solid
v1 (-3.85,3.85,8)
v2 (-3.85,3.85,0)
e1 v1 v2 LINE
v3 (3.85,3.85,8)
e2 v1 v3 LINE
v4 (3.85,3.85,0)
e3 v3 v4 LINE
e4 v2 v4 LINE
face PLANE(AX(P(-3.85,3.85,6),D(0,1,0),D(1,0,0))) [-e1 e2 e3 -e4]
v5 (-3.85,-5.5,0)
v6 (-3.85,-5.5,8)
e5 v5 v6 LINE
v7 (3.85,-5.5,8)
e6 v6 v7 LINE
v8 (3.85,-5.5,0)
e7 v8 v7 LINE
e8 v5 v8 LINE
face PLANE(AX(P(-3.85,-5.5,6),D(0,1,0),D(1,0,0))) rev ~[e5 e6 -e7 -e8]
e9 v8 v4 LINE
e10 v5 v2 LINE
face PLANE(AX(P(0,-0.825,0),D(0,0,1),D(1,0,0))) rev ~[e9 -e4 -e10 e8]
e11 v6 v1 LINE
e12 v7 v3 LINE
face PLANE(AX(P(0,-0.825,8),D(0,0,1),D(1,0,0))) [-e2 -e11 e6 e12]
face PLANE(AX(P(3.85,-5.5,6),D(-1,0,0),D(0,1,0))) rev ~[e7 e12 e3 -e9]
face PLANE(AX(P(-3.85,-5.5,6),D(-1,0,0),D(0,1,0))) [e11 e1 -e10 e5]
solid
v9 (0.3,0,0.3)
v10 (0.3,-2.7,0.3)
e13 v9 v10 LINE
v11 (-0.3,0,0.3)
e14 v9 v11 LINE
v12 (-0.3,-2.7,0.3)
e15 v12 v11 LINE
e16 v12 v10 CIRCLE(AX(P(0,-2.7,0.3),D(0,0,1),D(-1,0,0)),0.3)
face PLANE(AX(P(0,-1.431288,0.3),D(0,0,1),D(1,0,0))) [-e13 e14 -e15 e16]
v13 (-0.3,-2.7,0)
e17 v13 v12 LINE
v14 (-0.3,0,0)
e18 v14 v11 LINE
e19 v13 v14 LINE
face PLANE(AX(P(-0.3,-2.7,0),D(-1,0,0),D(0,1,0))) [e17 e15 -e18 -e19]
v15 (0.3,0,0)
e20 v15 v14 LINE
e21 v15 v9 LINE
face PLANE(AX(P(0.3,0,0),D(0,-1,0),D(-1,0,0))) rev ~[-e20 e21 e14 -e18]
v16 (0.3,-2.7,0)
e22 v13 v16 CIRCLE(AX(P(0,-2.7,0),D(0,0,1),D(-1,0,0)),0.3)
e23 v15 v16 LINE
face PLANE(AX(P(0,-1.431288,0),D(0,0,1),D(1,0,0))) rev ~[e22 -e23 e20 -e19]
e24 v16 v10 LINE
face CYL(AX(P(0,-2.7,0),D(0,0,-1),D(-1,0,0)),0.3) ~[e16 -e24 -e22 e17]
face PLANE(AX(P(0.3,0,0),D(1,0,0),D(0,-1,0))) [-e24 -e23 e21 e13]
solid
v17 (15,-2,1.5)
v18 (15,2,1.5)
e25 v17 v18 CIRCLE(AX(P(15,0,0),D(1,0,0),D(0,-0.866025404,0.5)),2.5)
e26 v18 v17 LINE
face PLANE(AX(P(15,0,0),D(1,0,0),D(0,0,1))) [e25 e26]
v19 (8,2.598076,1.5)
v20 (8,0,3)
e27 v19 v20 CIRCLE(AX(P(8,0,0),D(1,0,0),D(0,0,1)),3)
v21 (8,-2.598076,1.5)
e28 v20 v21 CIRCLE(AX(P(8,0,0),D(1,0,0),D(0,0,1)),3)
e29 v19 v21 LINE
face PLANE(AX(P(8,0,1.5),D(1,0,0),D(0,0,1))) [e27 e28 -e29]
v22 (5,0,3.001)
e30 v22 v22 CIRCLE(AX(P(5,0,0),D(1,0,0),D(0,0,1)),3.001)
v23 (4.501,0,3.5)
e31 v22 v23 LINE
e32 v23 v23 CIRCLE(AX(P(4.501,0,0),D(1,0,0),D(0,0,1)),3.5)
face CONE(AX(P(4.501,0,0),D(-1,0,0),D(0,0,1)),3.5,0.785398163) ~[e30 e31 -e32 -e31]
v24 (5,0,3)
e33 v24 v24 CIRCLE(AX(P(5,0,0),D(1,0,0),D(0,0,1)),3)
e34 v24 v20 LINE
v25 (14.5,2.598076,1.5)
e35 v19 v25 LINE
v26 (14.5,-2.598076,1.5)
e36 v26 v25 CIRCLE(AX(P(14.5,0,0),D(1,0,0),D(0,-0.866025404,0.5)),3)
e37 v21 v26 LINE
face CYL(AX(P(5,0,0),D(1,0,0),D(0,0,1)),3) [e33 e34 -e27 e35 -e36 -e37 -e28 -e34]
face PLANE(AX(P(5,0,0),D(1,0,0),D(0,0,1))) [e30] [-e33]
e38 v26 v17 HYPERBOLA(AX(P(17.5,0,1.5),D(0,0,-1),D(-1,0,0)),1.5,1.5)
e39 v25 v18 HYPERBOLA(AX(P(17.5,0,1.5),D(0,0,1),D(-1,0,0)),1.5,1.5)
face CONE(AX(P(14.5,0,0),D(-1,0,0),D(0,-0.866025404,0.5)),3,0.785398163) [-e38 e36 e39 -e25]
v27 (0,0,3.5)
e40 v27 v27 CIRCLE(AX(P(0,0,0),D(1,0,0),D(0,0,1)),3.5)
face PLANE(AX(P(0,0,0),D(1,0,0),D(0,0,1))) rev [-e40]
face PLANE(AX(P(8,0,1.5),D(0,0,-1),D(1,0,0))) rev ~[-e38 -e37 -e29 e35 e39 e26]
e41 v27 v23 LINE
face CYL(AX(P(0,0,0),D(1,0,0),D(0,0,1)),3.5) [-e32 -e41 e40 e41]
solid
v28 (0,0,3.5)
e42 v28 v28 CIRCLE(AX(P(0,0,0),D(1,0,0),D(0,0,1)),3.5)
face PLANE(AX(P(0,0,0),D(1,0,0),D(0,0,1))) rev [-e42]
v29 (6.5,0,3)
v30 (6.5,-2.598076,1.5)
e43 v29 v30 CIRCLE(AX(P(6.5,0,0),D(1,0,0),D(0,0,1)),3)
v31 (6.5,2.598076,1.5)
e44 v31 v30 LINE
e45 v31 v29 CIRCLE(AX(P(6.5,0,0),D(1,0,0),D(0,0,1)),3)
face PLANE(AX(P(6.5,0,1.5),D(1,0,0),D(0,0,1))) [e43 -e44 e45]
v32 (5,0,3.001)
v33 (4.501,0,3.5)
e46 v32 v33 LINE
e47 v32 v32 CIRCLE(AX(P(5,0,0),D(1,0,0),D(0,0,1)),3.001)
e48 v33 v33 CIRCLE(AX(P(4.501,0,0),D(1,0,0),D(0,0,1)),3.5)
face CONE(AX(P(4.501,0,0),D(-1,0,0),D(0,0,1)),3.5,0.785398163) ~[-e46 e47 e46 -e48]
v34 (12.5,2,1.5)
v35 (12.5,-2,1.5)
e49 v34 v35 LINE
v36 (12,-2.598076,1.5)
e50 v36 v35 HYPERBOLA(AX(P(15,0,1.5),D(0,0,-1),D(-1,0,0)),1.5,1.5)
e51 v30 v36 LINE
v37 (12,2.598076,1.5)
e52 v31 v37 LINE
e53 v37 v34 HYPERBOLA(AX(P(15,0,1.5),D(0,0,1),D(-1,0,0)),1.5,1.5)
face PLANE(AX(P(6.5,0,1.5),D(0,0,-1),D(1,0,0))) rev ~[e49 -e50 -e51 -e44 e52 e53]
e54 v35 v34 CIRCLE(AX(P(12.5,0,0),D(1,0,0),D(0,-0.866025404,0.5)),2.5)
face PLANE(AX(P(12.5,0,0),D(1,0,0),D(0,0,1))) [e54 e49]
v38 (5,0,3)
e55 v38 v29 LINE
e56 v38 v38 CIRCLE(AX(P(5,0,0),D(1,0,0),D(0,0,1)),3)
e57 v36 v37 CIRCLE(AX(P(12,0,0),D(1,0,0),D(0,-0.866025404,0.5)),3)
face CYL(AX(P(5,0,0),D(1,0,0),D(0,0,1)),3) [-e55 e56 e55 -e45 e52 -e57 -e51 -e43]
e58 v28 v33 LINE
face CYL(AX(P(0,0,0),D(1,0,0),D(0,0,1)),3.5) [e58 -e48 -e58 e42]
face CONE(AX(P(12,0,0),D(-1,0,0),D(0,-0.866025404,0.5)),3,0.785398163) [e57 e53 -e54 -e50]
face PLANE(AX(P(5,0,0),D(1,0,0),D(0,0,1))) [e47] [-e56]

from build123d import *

# Parameters (mm, degrees)
SKETCH001_W     = 7.7
SKETCH001_H     = 9.35
PAD_DEPTH       = 1
SKETCH002_W     = 7.7
SKETCH002_H     = 9.35
PAD001_DEPTH    = 5
SKETCH003_W     = 7.7
SKETCH003_H     = 9.35
PAD002_DEPTH    = 2
SKETCH007_W     = 7
SKETCH007_H     = 1.5
POCKET_DEPTH    = 3
CHAMFER_SIZE    = 0.5
CHAMFER001_SIZE = 0.499
SKETCH009_W     = 6
SKETCH009_H     = 1.5
POCKET001_DEPTH = 3
CHAMFER002_SIZE = 0.5
CHAMFER003_SIZE = 0.499
PAD003_DEPTH    = 0.3


with BuildPart() as rd701f_body:
    # Sketch001 → Pad (new body)
    with BuildSketch(Plane.XY):
        with Locations((0, -0.825)):
            Rectangle(SKETCH001_W, SKETCH001_H)
    extrude(amount=PAD_DEPTH)

    # Sketch002 (on ShapeBinder) → Pad001 (join)
    with BuildSketch(Plane.XY.offset(1)):
        with Locations((0, -0.825)):
            Rectangle(SKETCH002_W, SKETCH002_H)
    extrude(amount=PAD001_DEPTH)

    # Sketch003 (on ShapeBinder) → Pad002 (join)
    with BuildSketch(Plane.XY.offset(6)):
        with Locations((0, -0.825)):
            Rectangle(SKETCH003_W, SKETCH003_H)
    extrude(amount=PAD002_DEPTH)


with BuildPart() as rd701f_shaft_type_15f:
    # Sketch005 → Revolution (revolve)
    with BuildSketch(Plane.XZ):
        Polygon((0, 0), (0, 3.5), (5, 3.5), (5, 3), (15, 3), (15, 0), align=None)
    revolve(axis=Axis((0, 0, 0), (1, 0, 0)))

    # Sketch007 → Pocket (cut, symmetric)
    with BuildSketch(Plane.XZ):
        with Locations((11.5, 2.25)):
            Rectangle(SKETCH007_W, SKETCH007_H)
    extrude(amount=POCKET_DEPTH, both=True, mode=Mode.SUBTRACT)

    # Chamfer
    chamfer_edges = [rd701f_shaft_type_15f.edges().sort_by_distance(p)[0] for p in [
        (15, 0, -3),
    ]]
    chamfer(chamfer_edges, length=CHAMFER_SIZE)

    # Chamfer001
    chamfer001_edges = [rd701f_shaft_type_15f.edges().sort_by_distance(p)[0] for p in [
        (5, 0, -3.5),
    ]]
    chamfer(chamfer001_edges, length=CHAMFER001_SIZE)


with BuildPart() as rd701f_shaft_type_12_5f:
    # Sketch008 → Revolution001 (revolve)
    with BuildSketch(Plane.XZ):
        Polygon((0, 0), (0, 3.5), (5, 3.5), (5, 3), (12.5, 3), (12.5, 0), align=None)
    revolve(axis=Axis((0, 0, 0), (1, 0, 0)))

    # Sketch009 → Pocket001 (cut, symmetric)
    with BuildSketch(Plane.XZ):
        with Locations((9.5, 2.25)):
            Rectangle(SKETCH009_W, SKETCH009_H)
    extrude(amount=POCKET001_DEPTH, both=True, mode=Mode.SUBTRACT)

    # Chamfer002
    chamfer002_edges = [rd701f_shaft_type_12_5f.edges().sort_by_distance(p)[0] for p in [
        (12.5, 0, -3),
    ]]
    chamfer(chamfer002_edges, length=CHAMFER002_SIZE)

    # Chamfer003
    chamfer003_edges = [rd701f_shaft_type_12_5f.edges().sort_by_distance(p)[0] for p in [
        (5, 0, -3.5),
    ]]
    chamfer(chamfer003_edges, length=CHAMFER003_SIZE)


with BuildPart() as rd701f_terminal_type_20b1:
    # Sketch011 → Pad003 (new body)
    with BuildSketch(Plane.XY):
        with BuildLine():
            ThreePointArc((-0.3, -2.7), (0, -3), (0.3, -2.7))
            Line((0.3, 0), (0.3, -2.7))
            Line((0.3, 0), (-0.3, 0))
            Line((-0.3, -2.7), (-0.3, 0))
        make_face()
    extrude(amount=PAD003_DEPTH)


solid = Compound([rd701f_body.part, rd701f_shaft_type_15f.part, rd701f_shaft_type_12_5f.part, rd701f_terminal_type_20b1.part])
